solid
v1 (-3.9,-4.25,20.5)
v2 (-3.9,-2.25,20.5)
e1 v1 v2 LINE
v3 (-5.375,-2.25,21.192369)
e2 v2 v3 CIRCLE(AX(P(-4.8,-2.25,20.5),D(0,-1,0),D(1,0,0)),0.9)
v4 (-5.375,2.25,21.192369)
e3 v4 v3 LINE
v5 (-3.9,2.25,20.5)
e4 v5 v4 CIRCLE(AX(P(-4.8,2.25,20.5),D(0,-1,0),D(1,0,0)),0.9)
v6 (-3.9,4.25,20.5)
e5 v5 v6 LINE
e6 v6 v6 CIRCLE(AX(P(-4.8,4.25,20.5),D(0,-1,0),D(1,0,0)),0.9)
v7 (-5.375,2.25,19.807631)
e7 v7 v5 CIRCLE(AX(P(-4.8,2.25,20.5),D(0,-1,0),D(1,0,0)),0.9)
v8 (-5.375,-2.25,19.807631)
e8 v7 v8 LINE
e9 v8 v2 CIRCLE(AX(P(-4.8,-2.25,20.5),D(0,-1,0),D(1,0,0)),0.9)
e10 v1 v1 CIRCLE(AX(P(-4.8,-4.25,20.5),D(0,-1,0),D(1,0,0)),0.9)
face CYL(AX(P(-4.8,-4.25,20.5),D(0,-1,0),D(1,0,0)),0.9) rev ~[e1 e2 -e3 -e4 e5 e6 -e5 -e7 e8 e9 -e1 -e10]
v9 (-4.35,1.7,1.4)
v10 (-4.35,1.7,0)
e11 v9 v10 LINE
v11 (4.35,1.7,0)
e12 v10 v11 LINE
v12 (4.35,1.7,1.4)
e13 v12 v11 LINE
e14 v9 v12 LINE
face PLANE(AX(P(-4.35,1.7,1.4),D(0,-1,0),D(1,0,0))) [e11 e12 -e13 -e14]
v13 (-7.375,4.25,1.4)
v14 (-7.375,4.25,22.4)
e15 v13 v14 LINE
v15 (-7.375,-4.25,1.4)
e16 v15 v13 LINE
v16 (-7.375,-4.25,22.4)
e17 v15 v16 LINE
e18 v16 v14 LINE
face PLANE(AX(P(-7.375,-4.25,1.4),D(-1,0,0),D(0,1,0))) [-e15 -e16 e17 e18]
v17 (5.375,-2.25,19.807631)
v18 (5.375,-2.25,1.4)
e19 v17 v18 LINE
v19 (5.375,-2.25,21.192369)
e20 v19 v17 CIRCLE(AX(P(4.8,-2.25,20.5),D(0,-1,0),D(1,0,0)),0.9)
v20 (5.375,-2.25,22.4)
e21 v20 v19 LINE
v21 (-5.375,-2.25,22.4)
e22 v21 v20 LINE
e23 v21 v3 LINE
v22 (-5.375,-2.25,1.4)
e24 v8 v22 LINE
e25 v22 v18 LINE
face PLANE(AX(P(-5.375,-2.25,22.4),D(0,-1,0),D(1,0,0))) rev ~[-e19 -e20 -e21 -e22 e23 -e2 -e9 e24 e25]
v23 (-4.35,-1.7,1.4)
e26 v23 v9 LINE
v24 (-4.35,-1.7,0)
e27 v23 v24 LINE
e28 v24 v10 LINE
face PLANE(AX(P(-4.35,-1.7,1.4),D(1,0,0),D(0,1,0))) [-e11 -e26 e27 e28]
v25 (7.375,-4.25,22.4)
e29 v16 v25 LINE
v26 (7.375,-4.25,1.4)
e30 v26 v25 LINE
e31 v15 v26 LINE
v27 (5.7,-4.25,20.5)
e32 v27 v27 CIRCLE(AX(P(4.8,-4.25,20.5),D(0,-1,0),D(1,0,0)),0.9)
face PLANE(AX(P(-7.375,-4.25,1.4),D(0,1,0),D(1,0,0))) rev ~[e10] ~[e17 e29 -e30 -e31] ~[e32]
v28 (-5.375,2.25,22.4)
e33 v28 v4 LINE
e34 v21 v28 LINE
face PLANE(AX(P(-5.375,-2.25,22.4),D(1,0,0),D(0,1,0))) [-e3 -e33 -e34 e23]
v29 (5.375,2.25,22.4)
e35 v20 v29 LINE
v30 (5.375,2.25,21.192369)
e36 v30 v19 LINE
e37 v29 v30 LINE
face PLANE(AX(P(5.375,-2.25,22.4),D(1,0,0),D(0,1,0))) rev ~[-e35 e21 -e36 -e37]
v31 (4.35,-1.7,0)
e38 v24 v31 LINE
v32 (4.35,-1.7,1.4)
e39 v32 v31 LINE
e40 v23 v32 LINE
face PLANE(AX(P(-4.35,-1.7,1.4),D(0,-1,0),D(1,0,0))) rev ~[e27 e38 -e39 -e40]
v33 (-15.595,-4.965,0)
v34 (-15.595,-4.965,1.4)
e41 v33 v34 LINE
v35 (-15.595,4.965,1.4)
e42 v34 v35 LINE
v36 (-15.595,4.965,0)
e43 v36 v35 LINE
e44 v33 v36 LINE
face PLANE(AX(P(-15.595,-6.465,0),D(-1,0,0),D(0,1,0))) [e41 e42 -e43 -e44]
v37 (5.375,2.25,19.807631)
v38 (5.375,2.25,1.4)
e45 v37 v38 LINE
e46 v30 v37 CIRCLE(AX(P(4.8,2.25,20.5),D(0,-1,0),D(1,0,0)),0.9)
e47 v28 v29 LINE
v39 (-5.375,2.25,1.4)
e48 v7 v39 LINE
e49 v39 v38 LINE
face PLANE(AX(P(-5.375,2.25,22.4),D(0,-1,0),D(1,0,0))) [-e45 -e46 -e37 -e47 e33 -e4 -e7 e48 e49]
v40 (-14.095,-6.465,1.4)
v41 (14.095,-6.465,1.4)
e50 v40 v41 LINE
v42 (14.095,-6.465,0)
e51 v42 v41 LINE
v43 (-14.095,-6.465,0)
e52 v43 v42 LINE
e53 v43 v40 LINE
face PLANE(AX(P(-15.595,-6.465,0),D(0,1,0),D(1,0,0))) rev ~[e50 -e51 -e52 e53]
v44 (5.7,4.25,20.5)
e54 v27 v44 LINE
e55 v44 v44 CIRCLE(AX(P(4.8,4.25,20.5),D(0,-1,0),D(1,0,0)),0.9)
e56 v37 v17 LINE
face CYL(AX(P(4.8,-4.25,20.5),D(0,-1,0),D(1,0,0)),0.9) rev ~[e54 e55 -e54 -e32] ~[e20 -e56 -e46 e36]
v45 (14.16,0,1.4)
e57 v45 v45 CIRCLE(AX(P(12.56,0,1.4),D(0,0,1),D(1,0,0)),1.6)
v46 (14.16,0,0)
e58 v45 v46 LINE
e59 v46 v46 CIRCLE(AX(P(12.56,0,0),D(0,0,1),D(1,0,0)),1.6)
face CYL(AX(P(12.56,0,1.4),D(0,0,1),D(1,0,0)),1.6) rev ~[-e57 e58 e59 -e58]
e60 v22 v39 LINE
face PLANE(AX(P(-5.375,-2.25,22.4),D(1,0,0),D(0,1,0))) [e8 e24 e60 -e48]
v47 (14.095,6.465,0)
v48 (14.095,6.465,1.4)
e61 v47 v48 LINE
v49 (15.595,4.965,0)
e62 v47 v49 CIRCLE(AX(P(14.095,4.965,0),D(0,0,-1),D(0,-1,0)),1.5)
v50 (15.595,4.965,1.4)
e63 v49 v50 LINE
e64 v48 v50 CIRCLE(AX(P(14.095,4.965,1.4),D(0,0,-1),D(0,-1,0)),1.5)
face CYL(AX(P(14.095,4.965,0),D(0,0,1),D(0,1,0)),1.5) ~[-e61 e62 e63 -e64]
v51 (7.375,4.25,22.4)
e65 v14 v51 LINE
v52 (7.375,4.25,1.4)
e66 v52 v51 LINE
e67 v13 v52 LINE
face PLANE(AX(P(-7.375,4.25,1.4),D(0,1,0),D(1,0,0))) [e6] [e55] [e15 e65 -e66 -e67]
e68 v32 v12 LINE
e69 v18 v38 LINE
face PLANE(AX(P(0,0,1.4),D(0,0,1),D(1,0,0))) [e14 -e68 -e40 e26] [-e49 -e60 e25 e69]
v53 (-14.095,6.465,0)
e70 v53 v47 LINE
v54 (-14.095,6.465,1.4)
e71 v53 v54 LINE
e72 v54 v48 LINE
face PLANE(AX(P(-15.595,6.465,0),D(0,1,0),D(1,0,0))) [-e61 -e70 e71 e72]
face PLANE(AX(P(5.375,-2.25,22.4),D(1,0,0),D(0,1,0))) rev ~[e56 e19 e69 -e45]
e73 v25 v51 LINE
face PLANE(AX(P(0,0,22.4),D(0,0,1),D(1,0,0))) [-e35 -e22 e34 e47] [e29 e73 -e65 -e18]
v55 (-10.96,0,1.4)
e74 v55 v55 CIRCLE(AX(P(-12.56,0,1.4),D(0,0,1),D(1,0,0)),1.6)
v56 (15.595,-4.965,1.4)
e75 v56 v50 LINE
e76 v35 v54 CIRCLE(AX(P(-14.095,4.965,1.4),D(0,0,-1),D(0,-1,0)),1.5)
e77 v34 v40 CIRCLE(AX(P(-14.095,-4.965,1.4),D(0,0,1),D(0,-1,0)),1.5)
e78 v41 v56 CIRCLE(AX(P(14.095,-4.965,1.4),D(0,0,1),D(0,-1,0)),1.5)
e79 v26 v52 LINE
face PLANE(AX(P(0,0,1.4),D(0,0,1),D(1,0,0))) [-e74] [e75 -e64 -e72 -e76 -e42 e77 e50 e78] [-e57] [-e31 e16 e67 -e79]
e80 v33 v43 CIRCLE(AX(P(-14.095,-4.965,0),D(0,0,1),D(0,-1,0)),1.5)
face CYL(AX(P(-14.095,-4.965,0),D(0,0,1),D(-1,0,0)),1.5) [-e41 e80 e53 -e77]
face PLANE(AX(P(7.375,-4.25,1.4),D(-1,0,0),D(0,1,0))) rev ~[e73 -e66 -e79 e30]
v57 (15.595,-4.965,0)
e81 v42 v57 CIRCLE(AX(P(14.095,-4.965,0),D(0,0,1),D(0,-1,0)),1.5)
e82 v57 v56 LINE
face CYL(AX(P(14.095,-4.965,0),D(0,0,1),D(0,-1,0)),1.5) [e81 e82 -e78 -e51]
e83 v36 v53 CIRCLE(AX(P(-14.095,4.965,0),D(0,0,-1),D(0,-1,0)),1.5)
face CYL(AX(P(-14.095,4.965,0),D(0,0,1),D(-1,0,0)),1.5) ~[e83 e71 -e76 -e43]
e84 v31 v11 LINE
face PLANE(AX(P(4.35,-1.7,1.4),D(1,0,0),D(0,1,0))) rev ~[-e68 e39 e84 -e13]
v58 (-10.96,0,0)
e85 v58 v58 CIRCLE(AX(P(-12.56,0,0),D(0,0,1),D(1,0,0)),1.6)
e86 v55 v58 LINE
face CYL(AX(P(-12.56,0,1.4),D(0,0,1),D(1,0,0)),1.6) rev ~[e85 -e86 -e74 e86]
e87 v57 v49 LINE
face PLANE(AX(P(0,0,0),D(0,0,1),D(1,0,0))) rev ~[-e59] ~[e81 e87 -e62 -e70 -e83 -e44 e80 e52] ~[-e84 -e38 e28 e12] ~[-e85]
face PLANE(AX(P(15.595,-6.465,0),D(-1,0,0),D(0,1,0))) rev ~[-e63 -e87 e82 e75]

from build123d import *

# Parameters (mm, degrees)
F0_W      = 31.19
F0_H      = 12.93
F1_DEPTH  = 1.4
F2_R      = 1.6
F3_DEPTH  = 1.401
F4_R      = 1.5
F5_W      = 8.7
F5_H      = 3.4
F6_DEPTH  = 1.401
F7_W      = 14.75
F7_H      = 8.5
F8_DEPTH  = 21
F9_W      = 10.75
F9_H      = 4.5
F10_DEPTH = 21
F11_R     = 0.9
F12_DEPTH = 10.716


with BuildPart() as f1:
    # F0 (on Top) → F1 (new body)
    with BuildSketch(Plane.XY):
        Rectangle(F0_W, F0_H)
    extrude(amount=F1_DEPTH)

    # F2 (on face) → F3 (cut, through all)
    with BuildSketch(Plane.XY.offset(1.4)):
        with Locations((-12.56, 0)):
            Circle(F2_R)
        with Locations((12.56, 0)):
            Circle(F2_R)
    extrude(amount=-F3_DEPTH, mode=Mode.SUBTRACT)

    # F4
    f4_edges = [f1.edges().sort_by_distance(p)[0] for p in [
        (15.595, -6.465, 0.7),
        (15.595, 6.465, 0.7),
        (-15.595, -6.465, 0.7),
        (-15.595, 6.465, 0.7),
    ]]
    fillet(f4_edges, radius=F4_R)

    # F5 (on face) → F6 (cut, through all)
    with BuildSketch(Plane.XY.offset(1.4)):
        Rectangle(F5_W, F5_H)
    extrude(amount=-F6_DEPTH, mode=Mode.SUBTRACT)

    # F7 (on face) → F8 (join)
    with BuildSketch(Plane.XY.offset(1.4)):
        Rectangle(F7_W, F7_H)
    extrude(amount=F8_DEPTH)

    # F9 (on face) → F10 (cut, through all)
    with BuildSketch(Plane.XY.offset(22.4)):
        Rectangle(F9_W, F9_H)
    extrude(amount=-F10_DEPTH, mode=Mode.SUBTRACT)

    # F11 (on face) → F12 (cut, through all)
    with BuildSketch(Plane.XZ.offset(4.25)):
        with Locations((-4.8, 20.5)):
            Circle(F11_R)
        with Locations((4.8, 20.5)):
            Circle(F11_R)
    extrude(amount=-F12_DEPTH, mode=Mode.SUBTRACT)


solid = f1.part
